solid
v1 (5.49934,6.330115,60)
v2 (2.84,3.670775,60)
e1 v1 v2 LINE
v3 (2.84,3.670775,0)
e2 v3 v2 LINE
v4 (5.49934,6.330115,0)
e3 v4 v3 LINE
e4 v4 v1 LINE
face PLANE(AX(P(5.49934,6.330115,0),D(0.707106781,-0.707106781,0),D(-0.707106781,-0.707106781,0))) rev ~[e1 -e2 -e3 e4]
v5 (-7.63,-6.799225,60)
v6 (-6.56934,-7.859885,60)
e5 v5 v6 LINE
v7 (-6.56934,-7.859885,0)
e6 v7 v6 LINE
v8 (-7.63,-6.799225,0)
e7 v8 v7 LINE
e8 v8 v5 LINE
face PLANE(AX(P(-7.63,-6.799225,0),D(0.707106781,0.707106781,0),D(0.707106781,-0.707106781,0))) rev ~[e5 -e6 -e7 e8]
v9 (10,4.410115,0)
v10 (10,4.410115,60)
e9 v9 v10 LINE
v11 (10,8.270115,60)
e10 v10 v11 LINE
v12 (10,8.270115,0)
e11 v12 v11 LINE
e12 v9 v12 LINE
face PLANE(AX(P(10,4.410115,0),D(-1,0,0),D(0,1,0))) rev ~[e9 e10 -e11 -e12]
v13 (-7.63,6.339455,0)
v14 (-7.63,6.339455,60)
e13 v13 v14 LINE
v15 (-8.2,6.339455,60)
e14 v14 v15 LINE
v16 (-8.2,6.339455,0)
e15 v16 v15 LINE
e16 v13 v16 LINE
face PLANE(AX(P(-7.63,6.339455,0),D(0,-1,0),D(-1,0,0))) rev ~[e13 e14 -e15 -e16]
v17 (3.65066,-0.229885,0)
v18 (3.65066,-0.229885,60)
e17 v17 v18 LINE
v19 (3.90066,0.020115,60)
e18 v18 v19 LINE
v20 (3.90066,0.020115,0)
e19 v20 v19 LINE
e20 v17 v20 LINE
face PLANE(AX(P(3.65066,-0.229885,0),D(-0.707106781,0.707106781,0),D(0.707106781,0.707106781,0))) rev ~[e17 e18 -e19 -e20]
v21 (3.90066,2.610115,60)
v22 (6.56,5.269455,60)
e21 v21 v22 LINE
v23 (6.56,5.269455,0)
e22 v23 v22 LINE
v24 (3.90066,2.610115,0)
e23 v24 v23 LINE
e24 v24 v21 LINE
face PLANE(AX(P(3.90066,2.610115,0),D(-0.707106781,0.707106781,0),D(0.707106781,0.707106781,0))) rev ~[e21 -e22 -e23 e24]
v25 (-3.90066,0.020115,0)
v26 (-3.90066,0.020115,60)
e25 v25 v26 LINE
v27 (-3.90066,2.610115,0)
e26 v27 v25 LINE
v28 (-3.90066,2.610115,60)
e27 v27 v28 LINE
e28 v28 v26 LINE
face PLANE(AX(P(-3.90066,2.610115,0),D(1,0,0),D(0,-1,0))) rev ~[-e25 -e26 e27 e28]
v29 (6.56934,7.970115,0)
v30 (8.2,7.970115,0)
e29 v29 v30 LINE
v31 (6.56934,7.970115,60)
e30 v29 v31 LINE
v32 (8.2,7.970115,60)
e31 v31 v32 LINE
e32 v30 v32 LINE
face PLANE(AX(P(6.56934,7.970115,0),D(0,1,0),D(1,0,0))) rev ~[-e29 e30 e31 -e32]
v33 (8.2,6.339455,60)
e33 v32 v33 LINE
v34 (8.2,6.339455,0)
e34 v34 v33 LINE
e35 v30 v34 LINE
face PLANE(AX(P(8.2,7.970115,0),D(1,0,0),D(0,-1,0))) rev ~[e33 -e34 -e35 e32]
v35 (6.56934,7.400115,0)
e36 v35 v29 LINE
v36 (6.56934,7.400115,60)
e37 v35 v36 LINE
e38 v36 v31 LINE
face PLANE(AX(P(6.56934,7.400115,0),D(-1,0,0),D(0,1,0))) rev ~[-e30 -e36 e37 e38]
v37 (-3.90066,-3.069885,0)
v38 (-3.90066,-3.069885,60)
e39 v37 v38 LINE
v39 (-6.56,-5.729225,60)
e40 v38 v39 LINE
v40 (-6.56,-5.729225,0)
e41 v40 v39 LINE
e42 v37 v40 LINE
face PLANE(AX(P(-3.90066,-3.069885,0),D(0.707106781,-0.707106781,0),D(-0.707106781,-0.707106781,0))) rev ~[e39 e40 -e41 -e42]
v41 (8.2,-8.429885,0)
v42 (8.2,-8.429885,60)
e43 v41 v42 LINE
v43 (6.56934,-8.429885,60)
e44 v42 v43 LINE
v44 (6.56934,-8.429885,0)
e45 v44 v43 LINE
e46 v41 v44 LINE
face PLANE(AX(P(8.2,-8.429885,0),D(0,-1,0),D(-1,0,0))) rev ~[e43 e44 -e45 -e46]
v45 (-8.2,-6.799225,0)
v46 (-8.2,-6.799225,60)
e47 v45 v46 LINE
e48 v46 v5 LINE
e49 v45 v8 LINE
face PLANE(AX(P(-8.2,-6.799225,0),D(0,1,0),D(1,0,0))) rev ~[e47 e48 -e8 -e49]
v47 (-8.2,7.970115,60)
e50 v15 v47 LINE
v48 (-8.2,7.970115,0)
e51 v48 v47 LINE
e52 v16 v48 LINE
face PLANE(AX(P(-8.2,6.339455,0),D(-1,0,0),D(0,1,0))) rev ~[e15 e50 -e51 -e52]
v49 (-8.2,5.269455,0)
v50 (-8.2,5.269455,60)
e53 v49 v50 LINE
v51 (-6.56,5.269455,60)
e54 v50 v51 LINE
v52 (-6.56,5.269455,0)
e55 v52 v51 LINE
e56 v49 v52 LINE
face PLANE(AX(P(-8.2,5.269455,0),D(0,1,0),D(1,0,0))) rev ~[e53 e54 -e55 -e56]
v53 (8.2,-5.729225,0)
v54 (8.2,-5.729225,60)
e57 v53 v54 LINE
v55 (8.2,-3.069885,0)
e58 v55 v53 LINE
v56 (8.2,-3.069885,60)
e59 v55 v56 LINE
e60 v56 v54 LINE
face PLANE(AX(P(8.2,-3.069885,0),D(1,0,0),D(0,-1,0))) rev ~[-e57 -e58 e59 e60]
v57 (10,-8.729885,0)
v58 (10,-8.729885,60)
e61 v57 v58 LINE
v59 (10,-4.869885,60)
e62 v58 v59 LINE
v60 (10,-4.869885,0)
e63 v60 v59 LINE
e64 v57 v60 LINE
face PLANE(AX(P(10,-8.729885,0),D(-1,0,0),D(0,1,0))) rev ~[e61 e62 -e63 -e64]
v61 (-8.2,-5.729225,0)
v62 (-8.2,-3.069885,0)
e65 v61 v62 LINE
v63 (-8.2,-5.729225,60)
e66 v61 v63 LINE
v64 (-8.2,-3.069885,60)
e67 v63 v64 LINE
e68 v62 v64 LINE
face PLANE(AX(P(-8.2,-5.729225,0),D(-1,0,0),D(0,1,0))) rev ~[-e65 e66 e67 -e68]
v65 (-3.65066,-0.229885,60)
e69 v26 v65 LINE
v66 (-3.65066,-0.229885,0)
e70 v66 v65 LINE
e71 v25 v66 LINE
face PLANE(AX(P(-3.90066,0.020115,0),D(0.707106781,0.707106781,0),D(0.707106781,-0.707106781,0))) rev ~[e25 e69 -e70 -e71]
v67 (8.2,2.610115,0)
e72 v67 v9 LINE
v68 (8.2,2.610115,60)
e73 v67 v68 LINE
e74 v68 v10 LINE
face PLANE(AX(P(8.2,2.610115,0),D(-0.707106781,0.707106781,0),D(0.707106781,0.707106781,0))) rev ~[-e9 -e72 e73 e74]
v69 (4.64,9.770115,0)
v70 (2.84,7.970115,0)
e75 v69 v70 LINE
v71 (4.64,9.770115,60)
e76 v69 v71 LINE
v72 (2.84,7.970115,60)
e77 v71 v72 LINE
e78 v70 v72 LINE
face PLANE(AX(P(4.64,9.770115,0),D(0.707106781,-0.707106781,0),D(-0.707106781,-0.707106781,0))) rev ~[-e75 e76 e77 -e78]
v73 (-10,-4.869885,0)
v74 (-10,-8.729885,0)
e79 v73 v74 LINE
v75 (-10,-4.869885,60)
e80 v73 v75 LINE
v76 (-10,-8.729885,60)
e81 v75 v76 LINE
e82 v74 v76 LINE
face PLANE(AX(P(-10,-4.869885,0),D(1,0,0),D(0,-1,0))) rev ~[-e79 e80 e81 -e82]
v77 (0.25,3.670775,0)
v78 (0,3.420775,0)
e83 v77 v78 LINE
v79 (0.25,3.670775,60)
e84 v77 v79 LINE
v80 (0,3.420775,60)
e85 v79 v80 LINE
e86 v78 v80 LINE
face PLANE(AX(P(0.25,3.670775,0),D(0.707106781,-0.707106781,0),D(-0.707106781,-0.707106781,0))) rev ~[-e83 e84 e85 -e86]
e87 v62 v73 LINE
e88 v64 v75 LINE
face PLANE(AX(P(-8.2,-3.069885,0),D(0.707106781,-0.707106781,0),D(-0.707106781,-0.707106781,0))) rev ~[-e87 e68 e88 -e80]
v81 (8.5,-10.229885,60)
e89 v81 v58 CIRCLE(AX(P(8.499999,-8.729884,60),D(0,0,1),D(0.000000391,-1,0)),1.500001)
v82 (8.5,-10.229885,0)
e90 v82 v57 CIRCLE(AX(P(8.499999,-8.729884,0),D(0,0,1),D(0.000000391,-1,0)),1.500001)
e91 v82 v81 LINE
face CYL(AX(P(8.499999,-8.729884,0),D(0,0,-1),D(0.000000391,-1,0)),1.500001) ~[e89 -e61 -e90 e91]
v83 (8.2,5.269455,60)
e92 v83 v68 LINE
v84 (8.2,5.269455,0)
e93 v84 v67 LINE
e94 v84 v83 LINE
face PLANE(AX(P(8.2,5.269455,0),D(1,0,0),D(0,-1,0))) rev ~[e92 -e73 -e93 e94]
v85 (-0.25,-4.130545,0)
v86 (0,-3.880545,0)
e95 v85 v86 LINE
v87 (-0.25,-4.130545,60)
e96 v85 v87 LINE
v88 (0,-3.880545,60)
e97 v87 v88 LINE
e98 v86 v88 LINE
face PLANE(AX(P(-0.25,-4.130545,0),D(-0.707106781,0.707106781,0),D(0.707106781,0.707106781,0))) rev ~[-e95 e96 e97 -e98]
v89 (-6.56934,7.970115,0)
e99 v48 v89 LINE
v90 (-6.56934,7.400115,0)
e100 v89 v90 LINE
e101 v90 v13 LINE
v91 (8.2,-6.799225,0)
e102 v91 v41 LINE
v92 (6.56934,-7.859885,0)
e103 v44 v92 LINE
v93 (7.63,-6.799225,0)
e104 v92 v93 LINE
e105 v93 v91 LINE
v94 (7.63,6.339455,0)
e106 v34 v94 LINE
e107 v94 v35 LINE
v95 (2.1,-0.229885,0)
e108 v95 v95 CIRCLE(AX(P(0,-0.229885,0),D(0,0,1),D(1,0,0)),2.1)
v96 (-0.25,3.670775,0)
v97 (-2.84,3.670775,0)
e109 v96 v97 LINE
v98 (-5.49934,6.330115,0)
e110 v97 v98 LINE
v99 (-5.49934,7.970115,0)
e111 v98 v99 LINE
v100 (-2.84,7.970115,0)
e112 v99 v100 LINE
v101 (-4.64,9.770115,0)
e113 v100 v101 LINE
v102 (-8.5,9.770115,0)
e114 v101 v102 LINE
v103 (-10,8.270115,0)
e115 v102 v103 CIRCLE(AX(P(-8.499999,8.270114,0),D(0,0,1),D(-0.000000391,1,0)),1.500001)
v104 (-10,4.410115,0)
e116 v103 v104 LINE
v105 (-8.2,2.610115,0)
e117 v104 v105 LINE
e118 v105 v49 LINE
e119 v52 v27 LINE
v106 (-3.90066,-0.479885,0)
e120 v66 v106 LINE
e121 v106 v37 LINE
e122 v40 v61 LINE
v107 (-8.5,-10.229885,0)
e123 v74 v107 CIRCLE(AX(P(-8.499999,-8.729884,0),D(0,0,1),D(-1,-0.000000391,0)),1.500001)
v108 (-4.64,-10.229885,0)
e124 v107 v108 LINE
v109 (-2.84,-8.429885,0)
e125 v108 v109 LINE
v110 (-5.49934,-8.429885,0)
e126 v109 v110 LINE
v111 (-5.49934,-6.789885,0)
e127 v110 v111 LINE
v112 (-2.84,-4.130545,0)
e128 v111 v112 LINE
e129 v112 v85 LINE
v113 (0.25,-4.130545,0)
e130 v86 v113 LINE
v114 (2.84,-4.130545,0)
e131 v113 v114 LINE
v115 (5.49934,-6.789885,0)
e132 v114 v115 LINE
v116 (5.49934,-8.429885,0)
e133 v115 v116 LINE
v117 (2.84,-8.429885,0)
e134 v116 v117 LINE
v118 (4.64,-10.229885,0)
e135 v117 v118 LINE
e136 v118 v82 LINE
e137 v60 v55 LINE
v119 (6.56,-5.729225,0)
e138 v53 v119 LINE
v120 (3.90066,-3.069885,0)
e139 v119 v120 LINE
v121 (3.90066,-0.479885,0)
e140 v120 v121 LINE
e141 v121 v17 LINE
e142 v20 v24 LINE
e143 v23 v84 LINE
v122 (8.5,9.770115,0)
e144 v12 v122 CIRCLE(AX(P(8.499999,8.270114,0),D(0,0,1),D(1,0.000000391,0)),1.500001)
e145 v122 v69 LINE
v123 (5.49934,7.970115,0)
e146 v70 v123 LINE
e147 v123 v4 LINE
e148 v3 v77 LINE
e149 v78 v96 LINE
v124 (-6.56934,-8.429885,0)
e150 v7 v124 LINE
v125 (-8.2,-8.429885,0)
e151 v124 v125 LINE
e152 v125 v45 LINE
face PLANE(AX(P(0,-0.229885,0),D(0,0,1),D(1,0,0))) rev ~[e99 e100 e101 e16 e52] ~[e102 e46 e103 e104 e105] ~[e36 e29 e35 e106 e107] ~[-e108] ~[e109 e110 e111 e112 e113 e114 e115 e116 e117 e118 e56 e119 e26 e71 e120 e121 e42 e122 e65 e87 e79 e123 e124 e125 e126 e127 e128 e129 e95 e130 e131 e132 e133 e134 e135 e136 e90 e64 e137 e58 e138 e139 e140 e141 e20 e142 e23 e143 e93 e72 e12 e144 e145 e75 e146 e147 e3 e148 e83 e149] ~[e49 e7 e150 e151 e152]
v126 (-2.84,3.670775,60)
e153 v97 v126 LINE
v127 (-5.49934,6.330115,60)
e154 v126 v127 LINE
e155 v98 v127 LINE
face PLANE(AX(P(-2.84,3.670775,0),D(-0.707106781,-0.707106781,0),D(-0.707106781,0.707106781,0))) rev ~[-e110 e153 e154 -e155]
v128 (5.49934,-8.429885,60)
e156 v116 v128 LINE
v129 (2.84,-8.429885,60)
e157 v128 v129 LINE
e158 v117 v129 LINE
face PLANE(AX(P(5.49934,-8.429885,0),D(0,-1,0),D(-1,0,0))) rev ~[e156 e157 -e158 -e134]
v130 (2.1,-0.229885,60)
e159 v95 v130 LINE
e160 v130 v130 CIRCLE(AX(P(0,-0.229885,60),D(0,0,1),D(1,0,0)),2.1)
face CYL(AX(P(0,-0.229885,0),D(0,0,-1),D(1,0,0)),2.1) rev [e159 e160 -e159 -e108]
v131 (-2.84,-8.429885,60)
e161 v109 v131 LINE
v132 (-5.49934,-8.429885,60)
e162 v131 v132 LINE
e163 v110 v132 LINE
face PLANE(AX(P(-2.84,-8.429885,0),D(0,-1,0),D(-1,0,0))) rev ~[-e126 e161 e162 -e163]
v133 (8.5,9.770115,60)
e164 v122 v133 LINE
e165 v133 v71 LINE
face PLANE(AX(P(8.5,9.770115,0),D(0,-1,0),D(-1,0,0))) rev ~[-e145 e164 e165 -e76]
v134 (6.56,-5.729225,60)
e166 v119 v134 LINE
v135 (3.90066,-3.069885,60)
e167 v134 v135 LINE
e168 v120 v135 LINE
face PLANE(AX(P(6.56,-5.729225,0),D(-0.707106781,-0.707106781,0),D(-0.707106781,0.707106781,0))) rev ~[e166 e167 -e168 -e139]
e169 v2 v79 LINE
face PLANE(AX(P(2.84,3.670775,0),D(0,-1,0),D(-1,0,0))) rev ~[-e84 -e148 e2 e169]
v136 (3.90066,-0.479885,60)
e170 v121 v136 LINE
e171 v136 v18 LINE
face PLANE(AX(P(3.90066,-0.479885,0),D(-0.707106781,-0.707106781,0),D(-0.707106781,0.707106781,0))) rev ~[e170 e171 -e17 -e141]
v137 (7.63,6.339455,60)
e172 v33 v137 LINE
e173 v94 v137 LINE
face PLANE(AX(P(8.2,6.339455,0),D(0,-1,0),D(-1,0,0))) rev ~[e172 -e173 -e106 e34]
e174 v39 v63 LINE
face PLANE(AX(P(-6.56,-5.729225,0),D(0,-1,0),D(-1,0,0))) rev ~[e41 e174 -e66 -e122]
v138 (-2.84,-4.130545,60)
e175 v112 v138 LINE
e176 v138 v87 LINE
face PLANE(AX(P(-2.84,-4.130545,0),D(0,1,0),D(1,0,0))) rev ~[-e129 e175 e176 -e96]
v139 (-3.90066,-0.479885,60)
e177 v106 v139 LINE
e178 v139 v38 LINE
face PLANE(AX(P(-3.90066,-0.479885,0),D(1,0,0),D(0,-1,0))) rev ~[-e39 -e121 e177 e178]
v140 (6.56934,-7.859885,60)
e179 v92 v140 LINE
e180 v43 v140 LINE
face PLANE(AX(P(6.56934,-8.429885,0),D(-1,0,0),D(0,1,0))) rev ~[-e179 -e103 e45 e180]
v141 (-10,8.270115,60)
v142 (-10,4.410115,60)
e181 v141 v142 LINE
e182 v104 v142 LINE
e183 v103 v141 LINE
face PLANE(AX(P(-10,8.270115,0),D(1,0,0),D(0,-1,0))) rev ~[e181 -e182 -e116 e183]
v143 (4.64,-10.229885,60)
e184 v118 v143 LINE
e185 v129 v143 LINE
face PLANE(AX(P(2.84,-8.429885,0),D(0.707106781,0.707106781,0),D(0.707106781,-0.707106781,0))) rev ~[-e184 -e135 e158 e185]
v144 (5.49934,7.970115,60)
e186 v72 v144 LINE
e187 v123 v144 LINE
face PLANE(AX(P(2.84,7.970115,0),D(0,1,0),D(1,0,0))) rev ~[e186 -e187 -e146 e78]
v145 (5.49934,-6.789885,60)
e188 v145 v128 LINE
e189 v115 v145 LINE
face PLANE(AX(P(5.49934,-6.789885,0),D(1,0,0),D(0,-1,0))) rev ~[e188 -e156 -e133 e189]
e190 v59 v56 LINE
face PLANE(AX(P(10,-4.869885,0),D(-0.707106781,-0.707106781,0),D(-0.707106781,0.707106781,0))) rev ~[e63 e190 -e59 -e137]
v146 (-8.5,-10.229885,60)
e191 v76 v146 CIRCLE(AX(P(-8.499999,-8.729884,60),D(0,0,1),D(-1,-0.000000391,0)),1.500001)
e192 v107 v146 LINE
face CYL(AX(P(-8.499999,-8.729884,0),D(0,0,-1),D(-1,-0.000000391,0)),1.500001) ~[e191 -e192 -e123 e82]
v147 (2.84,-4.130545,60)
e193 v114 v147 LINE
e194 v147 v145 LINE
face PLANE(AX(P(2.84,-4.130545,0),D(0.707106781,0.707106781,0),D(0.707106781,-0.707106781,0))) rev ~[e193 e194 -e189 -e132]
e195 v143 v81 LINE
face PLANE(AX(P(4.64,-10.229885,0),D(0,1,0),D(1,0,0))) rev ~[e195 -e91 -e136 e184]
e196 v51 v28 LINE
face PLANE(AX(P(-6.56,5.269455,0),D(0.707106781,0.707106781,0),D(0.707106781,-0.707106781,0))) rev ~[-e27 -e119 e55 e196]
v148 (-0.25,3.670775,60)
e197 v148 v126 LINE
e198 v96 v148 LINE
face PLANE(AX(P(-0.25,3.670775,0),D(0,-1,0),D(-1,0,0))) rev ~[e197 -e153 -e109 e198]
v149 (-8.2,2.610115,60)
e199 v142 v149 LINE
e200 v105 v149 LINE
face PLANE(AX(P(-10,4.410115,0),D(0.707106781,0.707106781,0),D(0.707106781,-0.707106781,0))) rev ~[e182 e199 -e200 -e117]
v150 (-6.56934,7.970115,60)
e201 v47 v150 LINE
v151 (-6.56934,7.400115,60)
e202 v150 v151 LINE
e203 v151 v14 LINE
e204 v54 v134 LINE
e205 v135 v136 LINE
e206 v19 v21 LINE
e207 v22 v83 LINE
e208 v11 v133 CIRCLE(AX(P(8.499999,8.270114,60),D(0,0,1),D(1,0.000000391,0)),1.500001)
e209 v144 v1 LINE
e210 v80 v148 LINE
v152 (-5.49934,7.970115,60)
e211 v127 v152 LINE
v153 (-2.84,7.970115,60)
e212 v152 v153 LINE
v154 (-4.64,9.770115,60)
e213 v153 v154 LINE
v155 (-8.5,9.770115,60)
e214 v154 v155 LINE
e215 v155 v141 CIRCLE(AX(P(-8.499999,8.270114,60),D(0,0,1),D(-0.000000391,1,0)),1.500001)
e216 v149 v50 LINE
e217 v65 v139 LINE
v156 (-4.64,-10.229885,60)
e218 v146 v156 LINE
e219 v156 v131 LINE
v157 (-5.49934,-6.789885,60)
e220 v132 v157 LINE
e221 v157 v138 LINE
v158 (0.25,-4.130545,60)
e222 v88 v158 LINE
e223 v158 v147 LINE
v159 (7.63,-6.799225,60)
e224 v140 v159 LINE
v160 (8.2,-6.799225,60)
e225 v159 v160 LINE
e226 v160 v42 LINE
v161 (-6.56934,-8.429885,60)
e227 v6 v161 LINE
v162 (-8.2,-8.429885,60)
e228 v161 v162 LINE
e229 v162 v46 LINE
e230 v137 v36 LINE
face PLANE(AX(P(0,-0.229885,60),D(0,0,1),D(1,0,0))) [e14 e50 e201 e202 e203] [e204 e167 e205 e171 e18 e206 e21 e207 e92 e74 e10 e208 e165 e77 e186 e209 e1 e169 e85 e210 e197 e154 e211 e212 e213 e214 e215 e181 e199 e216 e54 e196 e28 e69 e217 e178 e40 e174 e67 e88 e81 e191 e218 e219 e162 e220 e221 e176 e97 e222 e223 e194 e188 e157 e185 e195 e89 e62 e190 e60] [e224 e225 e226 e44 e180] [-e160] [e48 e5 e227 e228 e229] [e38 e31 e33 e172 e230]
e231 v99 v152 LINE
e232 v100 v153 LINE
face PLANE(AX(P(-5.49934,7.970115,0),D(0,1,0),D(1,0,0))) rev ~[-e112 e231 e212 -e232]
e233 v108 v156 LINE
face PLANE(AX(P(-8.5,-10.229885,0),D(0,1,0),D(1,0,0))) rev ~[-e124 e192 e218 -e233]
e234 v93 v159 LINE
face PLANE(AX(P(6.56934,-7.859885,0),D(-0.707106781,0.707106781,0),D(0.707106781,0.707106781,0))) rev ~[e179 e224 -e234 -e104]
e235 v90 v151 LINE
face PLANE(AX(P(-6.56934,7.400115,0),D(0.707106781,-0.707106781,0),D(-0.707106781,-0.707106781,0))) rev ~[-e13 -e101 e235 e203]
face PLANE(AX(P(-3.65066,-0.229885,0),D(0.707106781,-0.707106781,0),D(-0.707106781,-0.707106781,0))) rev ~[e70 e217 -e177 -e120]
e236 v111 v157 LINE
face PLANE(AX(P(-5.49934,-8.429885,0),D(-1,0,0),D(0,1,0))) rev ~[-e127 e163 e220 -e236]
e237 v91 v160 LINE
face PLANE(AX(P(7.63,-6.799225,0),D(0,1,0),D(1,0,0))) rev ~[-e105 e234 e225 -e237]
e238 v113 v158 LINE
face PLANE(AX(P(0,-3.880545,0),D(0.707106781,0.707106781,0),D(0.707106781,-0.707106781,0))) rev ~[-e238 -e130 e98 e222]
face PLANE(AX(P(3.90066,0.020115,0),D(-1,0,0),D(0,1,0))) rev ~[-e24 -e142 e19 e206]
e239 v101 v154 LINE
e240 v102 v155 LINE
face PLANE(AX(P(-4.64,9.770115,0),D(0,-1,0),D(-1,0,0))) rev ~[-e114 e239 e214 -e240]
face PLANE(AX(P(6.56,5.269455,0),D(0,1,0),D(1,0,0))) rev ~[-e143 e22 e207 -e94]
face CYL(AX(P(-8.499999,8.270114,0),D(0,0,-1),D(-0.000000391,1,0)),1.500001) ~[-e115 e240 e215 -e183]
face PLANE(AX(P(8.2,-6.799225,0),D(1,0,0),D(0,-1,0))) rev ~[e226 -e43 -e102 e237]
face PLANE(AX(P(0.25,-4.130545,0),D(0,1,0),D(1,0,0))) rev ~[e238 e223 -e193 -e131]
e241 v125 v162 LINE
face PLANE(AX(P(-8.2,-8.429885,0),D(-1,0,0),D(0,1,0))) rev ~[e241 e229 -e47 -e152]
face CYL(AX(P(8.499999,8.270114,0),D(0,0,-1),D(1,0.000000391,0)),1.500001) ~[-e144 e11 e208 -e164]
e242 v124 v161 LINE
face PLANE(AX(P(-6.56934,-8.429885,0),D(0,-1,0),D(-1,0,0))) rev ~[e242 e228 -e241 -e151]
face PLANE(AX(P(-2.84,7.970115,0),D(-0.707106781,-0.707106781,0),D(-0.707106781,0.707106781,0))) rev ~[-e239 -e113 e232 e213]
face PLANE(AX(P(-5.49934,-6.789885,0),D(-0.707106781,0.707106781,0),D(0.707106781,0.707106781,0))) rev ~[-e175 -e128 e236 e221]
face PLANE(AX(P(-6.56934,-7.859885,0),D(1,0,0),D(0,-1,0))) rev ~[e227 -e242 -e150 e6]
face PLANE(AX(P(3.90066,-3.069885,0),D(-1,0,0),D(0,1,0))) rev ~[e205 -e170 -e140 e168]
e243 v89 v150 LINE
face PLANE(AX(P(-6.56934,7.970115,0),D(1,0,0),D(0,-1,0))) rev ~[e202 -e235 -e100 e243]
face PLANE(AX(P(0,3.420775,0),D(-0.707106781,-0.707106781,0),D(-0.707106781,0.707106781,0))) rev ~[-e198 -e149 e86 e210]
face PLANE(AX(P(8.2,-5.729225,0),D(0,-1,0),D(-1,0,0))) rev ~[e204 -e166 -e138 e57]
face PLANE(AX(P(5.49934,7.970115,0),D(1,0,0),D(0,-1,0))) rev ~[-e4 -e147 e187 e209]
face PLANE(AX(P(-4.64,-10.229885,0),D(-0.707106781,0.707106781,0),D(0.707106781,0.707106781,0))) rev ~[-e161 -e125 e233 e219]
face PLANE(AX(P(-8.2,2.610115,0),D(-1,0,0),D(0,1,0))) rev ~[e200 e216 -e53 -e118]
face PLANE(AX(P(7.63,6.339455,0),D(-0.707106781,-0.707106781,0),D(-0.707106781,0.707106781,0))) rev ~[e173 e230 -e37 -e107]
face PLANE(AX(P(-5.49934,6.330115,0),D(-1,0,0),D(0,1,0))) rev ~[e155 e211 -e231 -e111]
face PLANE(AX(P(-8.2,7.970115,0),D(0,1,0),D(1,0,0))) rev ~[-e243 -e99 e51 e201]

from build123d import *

# Parameters (mm, degrees)
F0_R     = 2.1
F1_DEPTH = 60


with BuildPart() as f1:
    # F0 (on Top) → F1 (new body)
    with BuildSketch(Plane.XY):
        with BuildLine():
            Line((10, 4.410115), (10, 8.270115))
            ThreePointArc((10, 8.270115), (9.56066, 9.330775), (8.5, 9.770115))
            Line((8.5, 9.770115), (4.64, 9.770115))
            Line((4.64, 9.770115), (2.84, 7.970115))
            Line((2.84, 7.970115), (5.49934, 7.970115))
            Line((5.49934, 7.970115), (5.49934, 6.330115))
            Line((5.49934, 6.330115), (2.84, 3.670775))
            Line((2.84, 3.670775), (0.25, 3.670775))
            Line((0.25, 3.670775), (0, 3.420775))
            Line((0, 3.420775), (-0.25, 3.670775))
            Line((-0.25, 3.670775), (-2.84, 3.670775))
            Line((-2.84, 3.670775), (-5.49934, 6.330115))
            Line((-5.49934, 6.330115), (-5.49934, 7.970115))
            Line((-5.49934, 7.970115), (-2.84, 7.970115))
            Line((-2.84, 7.970115), (-4.64, 9.770115))
            Line((-4.64, 9.770115), (-8.5, 9.770115))
            ThreePointArc((-8.5, 9.770115), (-9.56066, 9.330775), (-10, 8.270115))
            Line((-10, 8.270115), (-10, 4.410115))
            Line((-10, 4.410115), (-8.2, 2.610115))
            Line((-8.2, 2.610115), (-8.2, 5.269455))
            Line((-8.2, 5.269455), (-6.56, 5.269455))
            Line((-6.56, 5.269455), (-3.90066, 2.610115))
            Line((-3.90066, 2.610115), (-3.90066, 0.020115))
            Line((-3.90066, 0.020115), (-3.65066, -0.229885))
            Line((-3.65066, -0.229885), (-3.90066, -0.479885))
            Line((-3.90066, -0.479885), (-3.90066, -3.069885))
            Line((-3.90066, -3.069885), (-6.56, -5.729225))
            Line((-6.56, -5.729225), (-8.2, -5.729225))
            Line((-8.2, -5.729225), (-8.2, -3.069885))
            Line((-8.2, -3.069885), (-10, -4.869885))
            Line((-10, -4.869885), (-10, -8.729885))
            ThreePointArc((-10, -8.729885), (-9.56066, -9.790545), (-8.5, -10.229885))
            Line((-8.5, -10.229885), (-4.64, -10.229885))
            Line((-4.64, -10.229885), (-2.84, -8.429885))
            Line((-2.84, -8.429885), (-5.49934, -8.429885))
            Line((-5.49934, -8.429885), (-5.49934, -6.789885))
            Line((-5.49934, -6.789885), (-2.84, -4.130545))
            Line((-2.84, -4.130545), (-0.25, -4.130545))
            Line((-0.25, -4.130545), (0, -3.880545))
            Line((0, -3.880545), (0.25, -4.130545))
            Line((0.25, -4.130545), (2.84, -4.130545))
            Line((2.84, -4.130545), (5.49934, -6.789885))
            Line((5.49934, -6.789885), (5.49934, -8.429885))
            Line((5.49934, -8.429885), (2.84, -8.429885))
            Line((2.84, -8.429885), (4.64, -10.229885))
            Line((4.64, -10.229885), (8.5, -10.229885))
            ThreePointArc((8.5, -10.229885), (9.56066, -9.790545), (10, -8.729885))
            Line((10, -8.729885), (10, -4.869885))
            Line((10, -4.869885), (8.2, -3.069885))
            Line((8.2, -3.069885), (8.2, -5.729225))
            Line((8.2, -5.729225), (6.56, -5.729225))
            Line((6.56, -5.729225), (3.90066, -3.069885))
            Line((3.90066, -3.069885), (3.90066, -0.479885))
            Line((3.90066, -0.479885), (3.65066, -0.229885))
            Line((3.65066, -0.229885), (3.90066, 0.020115))
            Line((3.90066, 0.020115), (3.90066, 2.610115))
            Line((3.90066, 2.610115), (6.56, 5.269455))
            Line((6.56, 5.269455), (8.2, 5.269455))
            Line((8.2, 5.269455), (8.2, 2.610115))
            Line((8.2, 2.610115), (10, 4.410115))
        make_face()
        Polygon((-6.56934, -7.859885), (-6.56934, -8.429885), (-8.2, -8.429885), (-8.2, -6.799225), (-7.63, -6.799225), align=None, mode=Mode.SUBTRACT)
        Polygon((8.2, -8.429885), (6.56934, -8.429885), (6.56934, -7.859885), (7.63, -6.799225), (8.2, -6.799225), align=None, mode=Mode.SUBTRACT)
        Polygon((-7.63, 6.339455), (-8.2, 6.339455), (-8.2, 7.970115), (-6.56934, 7.970115), (-6.56934, 7.400115), align=None, mode=Mode.SUBTRACT)
        with Locations((0, -0.229885)):
            Circle(F0_R, mode=Mode.SUBTRACT)
        Polygon((6.56934, 7.400115), (6.56934, 7.970115), (8.2, 7.970115), (8.2, 6.339455), (7.63, 6.339455), align=None, mode=Mode.SUBTRACT)
    extrude(amount=F1_DEPTH)


solid = f1.part
